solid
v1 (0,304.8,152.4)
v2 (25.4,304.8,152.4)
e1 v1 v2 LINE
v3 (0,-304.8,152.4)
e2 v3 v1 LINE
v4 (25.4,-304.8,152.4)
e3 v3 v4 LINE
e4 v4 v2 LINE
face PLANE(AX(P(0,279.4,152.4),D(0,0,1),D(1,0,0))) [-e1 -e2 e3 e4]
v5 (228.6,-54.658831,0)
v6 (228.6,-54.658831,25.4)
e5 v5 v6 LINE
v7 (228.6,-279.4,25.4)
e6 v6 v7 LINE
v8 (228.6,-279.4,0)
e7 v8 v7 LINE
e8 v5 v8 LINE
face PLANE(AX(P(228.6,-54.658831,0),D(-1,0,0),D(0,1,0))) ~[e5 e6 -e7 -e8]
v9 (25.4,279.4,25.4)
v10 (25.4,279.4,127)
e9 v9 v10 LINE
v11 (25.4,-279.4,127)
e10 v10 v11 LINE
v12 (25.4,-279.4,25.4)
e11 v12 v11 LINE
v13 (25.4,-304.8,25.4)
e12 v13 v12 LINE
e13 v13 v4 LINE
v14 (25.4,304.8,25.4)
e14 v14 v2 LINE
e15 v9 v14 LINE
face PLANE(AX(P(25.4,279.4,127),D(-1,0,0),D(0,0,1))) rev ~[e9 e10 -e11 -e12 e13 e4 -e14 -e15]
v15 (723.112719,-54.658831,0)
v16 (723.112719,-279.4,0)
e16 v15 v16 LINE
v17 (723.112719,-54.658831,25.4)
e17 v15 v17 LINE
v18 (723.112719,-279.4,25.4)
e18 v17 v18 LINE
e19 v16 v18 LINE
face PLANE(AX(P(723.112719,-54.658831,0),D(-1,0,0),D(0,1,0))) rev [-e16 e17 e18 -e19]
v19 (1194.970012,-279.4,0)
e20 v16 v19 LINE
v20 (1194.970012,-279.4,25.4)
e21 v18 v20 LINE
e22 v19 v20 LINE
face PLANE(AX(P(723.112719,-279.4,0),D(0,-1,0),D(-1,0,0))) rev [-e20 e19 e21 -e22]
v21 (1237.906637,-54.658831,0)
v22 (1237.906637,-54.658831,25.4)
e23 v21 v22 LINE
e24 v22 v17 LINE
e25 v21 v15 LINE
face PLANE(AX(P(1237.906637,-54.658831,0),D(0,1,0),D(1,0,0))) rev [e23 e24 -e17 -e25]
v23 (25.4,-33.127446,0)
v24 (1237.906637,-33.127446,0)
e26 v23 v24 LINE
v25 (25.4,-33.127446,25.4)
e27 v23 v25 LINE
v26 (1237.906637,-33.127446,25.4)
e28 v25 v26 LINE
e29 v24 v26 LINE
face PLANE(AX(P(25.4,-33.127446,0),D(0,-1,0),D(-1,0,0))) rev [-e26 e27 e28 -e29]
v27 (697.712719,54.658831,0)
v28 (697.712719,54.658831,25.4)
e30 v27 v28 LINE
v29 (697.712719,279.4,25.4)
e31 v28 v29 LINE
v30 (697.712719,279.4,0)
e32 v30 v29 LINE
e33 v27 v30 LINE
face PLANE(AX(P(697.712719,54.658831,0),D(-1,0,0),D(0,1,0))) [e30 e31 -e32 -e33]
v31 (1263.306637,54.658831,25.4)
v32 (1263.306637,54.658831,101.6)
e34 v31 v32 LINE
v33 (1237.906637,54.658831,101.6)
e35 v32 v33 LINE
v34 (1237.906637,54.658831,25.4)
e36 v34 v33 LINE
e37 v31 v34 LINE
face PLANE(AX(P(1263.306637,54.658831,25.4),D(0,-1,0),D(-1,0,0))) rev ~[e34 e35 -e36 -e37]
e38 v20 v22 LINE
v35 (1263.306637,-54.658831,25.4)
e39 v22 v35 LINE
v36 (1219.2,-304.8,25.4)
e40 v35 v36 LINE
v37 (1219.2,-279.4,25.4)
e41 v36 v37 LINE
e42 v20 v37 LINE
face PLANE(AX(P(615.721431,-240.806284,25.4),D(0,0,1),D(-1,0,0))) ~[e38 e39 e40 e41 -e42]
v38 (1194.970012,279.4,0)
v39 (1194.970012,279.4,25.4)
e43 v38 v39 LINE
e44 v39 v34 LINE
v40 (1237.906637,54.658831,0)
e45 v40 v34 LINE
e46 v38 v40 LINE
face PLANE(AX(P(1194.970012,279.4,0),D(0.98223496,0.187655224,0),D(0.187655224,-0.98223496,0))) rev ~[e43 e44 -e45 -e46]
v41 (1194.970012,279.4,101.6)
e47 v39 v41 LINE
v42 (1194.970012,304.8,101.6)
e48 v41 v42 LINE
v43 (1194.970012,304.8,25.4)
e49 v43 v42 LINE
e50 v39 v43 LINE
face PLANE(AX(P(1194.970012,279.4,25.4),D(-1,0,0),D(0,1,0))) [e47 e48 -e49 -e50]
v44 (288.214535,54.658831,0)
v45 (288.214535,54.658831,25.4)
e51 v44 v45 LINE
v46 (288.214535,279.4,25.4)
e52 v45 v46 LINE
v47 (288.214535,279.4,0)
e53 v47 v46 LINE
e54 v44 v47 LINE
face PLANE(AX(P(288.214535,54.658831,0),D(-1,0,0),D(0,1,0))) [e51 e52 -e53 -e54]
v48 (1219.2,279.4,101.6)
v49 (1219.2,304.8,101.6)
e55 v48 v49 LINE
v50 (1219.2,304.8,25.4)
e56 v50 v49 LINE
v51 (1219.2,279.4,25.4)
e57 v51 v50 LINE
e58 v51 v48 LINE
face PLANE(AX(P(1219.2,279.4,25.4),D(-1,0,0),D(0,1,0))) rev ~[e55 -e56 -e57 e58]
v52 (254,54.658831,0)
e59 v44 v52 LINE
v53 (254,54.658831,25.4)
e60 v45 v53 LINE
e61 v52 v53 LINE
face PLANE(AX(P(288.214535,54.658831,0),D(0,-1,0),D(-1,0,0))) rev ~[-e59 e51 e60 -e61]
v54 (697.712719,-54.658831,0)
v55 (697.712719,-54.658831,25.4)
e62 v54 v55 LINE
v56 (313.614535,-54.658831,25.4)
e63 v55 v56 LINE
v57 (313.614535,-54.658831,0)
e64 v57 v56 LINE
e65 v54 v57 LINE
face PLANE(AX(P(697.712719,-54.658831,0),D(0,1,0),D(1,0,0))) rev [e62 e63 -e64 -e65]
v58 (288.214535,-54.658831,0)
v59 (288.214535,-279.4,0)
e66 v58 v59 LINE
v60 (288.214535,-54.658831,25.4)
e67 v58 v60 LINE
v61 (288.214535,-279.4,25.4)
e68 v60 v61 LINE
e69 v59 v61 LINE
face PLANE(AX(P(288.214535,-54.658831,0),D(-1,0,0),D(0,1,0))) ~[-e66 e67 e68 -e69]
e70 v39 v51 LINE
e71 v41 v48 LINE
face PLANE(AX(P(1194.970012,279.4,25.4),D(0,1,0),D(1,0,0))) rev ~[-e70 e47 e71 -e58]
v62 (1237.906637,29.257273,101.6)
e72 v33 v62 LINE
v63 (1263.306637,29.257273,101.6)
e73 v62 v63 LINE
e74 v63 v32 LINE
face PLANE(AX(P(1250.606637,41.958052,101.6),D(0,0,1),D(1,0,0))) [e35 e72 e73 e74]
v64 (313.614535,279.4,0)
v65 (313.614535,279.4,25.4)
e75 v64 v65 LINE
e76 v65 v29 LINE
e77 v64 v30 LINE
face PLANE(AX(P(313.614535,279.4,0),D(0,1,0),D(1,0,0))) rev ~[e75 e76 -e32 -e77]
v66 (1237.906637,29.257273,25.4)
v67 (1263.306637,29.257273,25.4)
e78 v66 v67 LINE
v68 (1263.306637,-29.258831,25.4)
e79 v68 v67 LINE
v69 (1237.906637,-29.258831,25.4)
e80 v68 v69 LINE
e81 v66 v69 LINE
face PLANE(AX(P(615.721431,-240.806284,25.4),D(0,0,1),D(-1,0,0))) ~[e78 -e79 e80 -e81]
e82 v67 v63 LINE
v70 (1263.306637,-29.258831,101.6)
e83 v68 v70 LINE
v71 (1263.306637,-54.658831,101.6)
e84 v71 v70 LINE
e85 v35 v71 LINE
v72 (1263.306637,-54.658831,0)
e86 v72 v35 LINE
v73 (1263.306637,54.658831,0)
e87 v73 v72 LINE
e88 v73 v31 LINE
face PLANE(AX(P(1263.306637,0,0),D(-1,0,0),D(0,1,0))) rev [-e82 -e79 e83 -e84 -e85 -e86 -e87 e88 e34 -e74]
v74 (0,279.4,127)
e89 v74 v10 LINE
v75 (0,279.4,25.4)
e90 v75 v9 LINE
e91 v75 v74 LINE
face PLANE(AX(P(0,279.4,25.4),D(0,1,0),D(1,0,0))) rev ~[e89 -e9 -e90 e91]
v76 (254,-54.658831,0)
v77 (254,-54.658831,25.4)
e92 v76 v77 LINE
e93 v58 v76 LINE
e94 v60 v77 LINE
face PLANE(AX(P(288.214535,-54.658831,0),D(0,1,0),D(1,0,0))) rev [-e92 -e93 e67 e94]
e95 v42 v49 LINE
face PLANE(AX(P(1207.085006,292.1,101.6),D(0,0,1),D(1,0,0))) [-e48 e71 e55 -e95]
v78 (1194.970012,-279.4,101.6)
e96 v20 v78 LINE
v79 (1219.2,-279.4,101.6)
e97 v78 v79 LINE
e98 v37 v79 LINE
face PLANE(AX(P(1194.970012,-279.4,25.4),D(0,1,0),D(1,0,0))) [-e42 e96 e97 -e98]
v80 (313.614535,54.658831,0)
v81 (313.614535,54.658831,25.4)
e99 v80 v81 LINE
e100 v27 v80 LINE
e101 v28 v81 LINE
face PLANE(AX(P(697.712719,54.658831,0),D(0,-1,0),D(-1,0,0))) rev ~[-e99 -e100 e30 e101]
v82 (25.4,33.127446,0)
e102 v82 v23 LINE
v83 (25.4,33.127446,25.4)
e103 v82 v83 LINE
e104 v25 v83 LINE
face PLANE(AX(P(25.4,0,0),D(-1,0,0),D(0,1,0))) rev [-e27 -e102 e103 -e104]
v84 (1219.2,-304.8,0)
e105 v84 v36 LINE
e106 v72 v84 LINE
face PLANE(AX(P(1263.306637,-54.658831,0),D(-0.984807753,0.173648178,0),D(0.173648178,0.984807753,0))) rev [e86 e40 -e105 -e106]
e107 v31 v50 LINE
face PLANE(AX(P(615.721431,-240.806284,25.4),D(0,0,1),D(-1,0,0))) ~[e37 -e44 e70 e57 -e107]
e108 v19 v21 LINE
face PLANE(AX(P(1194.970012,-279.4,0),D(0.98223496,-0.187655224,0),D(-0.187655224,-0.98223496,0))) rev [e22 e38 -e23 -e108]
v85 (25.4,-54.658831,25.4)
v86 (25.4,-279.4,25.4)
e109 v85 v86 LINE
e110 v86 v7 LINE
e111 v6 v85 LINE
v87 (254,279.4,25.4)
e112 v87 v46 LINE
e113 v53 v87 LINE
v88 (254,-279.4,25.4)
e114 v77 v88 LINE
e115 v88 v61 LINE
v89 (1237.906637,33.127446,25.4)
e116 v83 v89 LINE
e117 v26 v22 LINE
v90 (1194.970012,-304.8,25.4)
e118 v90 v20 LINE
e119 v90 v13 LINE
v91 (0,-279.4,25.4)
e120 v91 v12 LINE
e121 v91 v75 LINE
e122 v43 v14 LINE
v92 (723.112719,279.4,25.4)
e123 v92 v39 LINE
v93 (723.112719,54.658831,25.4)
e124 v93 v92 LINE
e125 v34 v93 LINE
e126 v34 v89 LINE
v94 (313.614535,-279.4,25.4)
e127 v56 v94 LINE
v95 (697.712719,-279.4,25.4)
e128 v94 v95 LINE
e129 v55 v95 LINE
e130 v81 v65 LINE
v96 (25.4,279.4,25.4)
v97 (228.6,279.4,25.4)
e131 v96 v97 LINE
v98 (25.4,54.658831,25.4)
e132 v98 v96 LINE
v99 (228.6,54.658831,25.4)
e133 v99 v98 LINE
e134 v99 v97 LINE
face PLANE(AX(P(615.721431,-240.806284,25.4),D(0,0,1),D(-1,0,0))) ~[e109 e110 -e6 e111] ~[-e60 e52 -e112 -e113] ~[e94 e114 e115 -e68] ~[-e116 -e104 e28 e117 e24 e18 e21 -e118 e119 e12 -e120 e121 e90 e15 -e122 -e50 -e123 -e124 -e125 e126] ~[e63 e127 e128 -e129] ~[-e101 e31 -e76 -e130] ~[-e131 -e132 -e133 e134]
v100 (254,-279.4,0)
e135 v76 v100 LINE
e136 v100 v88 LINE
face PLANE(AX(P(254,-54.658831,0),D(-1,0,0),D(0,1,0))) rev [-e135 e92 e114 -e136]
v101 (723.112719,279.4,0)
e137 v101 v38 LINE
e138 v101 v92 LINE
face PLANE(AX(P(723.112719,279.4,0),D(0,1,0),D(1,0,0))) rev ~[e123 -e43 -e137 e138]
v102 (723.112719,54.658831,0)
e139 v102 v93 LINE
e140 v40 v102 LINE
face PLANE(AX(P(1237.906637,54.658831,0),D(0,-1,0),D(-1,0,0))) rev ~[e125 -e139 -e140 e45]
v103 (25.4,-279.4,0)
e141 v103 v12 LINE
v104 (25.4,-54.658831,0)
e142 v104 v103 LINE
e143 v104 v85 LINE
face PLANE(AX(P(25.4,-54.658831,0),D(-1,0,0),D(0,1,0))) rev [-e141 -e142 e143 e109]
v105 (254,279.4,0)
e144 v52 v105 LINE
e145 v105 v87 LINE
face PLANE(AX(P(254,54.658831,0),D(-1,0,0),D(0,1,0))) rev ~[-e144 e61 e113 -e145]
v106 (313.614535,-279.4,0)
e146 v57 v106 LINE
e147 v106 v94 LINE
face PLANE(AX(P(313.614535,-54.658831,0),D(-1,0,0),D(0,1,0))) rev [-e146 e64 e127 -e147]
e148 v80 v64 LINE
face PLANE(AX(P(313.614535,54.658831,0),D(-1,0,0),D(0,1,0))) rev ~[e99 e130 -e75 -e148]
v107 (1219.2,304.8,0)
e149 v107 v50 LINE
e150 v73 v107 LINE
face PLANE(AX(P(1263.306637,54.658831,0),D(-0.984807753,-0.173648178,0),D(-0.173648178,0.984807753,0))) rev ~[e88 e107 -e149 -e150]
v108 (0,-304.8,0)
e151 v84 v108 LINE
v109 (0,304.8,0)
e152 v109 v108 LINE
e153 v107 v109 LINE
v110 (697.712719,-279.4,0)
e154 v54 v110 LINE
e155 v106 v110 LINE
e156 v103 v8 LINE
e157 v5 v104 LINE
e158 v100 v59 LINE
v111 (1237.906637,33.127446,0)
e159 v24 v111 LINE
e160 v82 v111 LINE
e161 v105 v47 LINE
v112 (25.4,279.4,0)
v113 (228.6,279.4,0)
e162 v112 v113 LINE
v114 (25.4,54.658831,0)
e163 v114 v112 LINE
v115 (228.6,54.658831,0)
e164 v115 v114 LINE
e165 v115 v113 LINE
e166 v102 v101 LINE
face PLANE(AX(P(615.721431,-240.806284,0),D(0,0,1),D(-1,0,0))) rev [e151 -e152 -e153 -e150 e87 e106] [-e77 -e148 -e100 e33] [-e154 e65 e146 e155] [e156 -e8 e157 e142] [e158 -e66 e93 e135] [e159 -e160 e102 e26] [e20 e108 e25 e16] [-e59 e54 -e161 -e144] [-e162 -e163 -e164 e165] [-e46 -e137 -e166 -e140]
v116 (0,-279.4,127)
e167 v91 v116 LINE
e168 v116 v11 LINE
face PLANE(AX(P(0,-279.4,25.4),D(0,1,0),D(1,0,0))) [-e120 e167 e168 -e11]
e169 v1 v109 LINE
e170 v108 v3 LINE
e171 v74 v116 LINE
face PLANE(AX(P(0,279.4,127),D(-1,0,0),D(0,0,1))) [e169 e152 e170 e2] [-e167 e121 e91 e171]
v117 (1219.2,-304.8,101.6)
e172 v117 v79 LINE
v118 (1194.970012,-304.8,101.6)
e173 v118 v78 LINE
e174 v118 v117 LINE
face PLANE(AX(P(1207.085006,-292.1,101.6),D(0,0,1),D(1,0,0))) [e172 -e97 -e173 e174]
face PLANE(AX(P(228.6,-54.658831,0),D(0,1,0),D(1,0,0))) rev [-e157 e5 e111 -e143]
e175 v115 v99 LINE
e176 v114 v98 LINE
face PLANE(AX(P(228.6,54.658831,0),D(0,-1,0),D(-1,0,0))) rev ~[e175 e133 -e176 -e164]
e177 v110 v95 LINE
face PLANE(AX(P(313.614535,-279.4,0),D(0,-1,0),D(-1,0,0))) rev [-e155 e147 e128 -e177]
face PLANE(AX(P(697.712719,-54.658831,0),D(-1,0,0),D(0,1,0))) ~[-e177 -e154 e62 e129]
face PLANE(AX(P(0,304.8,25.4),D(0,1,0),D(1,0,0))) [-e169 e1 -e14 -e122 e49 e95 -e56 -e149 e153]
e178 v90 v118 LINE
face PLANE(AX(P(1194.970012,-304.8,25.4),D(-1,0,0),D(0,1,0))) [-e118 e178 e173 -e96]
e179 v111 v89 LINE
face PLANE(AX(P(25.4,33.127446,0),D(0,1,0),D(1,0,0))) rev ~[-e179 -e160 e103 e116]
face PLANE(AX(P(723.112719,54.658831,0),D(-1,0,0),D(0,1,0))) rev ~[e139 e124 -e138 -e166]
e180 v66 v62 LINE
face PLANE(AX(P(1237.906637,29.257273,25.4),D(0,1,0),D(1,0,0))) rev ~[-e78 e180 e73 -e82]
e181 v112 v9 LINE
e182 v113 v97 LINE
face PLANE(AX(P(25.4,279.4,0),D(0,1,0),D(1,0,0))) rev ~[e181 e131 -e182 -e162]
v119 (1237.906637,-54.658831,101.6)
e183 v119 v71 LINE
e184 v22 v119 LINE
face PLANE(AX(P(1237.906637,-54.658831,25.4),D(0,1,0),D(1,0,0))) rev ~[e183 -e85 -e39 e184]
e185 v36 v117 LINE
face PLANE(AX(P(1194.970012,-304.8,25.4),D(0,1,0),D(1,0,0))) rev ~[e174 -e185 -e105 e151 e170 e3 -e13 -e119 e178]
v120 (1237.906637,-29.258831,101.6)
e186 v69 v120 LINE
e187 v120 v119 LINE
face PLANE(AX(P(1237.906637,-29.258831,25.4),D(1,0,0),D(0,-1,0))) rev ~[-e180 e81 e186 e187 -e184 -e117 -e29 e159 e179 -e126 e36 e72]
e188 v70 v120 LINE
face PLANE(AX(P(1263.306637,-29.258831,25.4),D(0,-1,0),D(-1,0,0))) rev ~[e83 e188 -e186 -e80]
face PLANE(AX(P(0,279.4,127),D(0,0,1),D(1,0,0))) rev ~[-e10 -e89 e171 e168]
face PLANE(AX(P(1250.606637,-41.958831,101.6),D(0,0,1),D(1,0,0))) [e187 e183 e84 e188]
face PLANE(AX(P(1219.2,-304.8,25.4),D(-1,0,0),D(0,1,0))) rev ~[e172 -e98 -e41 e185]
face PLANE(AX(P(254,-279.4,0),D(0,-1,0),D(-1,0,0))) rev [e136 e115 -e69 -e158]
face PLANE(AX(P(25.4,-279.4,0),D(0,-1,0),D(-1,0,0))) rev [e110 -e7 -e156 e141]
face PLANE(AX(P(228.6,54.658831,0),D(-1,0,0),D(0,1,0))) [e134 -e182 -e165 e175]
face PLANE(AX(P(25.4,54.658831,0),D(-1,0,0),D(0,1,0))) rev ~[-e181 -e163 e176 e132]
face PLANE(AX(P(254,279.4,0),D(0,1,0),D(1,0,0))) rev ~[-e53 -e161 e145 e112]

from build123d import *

# Parameters (mm, degrees)
F0_W     = 25.4
F0_H     = 224.7411692651
F1_DEPTH = 25.4
F3_W     = 24.2299882889
F3_H     = 25.4
F4_DEPTH = 76.2
F5_W     = 25.4
F5_H     = 25.4
F6_DEPTH = 127
F7_W     = 25.4
F7_H     = 25.4
F8_DEPTH = 573.024


with BuildPart() as f1:
    # F0 (on Top) → F1 (new body)
    with BuildSketch(Plane.XY):
        Polygon((0, 304.8), (0, 0), (25.4, 0), (25.4, 33.1274457276), (25.4, 54.6588307349), (25.4, 279.4), (228.6, 279.4), (254, 279.4), (288.2145345211, 279.4), (313.6145345211, 279.4), (697.7127194405, 279.4), (723.1127194405, 279.4), (1194.9700117111, 279.4), (1237.9066371274, 54.6588307349), (1237.9066371274, 33.1274457276), (1237.9066371274, 0), (1263.3066371274, 0), (1263.3066371274, 54.6588307349), (1219.2, 304.8), align=None)
        Polygon((25.4, 54.6588307349), (25.4, 33.1274457276), (1237.9066371274, 33.1274457276), (1237.9066371274, 54.6588307349), (723.1127194405, 54.6588307349), (697.7127194405, 54.6588307349), (313.6145345211, 54.6588307349), (288.2145345211, 54.6588307349), (254, 54.6588307349), (228.6, 54.6588307349), align=None)
        with Locations((241.3, 167.0294153674)):
            Rectangle(F0_W, F0_H)
        with Locations((300.9145345211, 167.0294153674)):
            Rectangle(F0_W, F0_H)
        with Locations((710.4127194405, 167.0294153674)):
            Rectangle(F0_W, F0_H)
    extrude(amount=F1_DEPTH)

    # F2: F1 across plane


with BuildPart() as f1_1:
    add(f1.part)
    add(f1.part.mirror(Plane.XZ))

    # F3 (on face) → F4 (join)
    with BuildSketch(Plane.XY.offset(25.4)):
        with Locations((1207.0850058556, -292.1)):
            Rectangle(F3_W, F3_H)
        Polygon((1237.9066371274, -54.6588307349), (1263.3066371274, -54.6588307349), (1263.3066371274, -29.2588307349), (1237.9066371274, -29.2588307349), (1237.9066371274, -33.1274457276), align=None)
        Polygon((1237.9066371274, 29.2572733015), (1263.3066371274, 29.2572733015), (1263.3066371274, 54.6588307349), (1237.9066371274, 54.6588307349), (1237.9066371274, 33.1274457276), align=None)
        with Locations((1207.0850058556, 292.1)):
            Rectangle(F3_W, F3_H)
    extrude(amount=F4_DEPTH)

    # F5 (on face) → F6 (join)
    with BuildSketch(Plane.XY.offset(25.4)):
        with Locations((12.7, 292.1)):
            Rectangle(F5_W, F5_H)
        with Locations((12.7, -292.1)):
            Rectangle(F5_W, F5_H)
    extrude(amount=F6_DEPTH)

    # F7 (on face) → F8 (join)
    with BuildSketch(Plane.XZ.offset(-279.4)):
        with Locations((12.7, 139.7)):
            Rectangle(F7_W, F7_H)
    extrude(amount=F8_DEPTH)


solid = f1_1.part
